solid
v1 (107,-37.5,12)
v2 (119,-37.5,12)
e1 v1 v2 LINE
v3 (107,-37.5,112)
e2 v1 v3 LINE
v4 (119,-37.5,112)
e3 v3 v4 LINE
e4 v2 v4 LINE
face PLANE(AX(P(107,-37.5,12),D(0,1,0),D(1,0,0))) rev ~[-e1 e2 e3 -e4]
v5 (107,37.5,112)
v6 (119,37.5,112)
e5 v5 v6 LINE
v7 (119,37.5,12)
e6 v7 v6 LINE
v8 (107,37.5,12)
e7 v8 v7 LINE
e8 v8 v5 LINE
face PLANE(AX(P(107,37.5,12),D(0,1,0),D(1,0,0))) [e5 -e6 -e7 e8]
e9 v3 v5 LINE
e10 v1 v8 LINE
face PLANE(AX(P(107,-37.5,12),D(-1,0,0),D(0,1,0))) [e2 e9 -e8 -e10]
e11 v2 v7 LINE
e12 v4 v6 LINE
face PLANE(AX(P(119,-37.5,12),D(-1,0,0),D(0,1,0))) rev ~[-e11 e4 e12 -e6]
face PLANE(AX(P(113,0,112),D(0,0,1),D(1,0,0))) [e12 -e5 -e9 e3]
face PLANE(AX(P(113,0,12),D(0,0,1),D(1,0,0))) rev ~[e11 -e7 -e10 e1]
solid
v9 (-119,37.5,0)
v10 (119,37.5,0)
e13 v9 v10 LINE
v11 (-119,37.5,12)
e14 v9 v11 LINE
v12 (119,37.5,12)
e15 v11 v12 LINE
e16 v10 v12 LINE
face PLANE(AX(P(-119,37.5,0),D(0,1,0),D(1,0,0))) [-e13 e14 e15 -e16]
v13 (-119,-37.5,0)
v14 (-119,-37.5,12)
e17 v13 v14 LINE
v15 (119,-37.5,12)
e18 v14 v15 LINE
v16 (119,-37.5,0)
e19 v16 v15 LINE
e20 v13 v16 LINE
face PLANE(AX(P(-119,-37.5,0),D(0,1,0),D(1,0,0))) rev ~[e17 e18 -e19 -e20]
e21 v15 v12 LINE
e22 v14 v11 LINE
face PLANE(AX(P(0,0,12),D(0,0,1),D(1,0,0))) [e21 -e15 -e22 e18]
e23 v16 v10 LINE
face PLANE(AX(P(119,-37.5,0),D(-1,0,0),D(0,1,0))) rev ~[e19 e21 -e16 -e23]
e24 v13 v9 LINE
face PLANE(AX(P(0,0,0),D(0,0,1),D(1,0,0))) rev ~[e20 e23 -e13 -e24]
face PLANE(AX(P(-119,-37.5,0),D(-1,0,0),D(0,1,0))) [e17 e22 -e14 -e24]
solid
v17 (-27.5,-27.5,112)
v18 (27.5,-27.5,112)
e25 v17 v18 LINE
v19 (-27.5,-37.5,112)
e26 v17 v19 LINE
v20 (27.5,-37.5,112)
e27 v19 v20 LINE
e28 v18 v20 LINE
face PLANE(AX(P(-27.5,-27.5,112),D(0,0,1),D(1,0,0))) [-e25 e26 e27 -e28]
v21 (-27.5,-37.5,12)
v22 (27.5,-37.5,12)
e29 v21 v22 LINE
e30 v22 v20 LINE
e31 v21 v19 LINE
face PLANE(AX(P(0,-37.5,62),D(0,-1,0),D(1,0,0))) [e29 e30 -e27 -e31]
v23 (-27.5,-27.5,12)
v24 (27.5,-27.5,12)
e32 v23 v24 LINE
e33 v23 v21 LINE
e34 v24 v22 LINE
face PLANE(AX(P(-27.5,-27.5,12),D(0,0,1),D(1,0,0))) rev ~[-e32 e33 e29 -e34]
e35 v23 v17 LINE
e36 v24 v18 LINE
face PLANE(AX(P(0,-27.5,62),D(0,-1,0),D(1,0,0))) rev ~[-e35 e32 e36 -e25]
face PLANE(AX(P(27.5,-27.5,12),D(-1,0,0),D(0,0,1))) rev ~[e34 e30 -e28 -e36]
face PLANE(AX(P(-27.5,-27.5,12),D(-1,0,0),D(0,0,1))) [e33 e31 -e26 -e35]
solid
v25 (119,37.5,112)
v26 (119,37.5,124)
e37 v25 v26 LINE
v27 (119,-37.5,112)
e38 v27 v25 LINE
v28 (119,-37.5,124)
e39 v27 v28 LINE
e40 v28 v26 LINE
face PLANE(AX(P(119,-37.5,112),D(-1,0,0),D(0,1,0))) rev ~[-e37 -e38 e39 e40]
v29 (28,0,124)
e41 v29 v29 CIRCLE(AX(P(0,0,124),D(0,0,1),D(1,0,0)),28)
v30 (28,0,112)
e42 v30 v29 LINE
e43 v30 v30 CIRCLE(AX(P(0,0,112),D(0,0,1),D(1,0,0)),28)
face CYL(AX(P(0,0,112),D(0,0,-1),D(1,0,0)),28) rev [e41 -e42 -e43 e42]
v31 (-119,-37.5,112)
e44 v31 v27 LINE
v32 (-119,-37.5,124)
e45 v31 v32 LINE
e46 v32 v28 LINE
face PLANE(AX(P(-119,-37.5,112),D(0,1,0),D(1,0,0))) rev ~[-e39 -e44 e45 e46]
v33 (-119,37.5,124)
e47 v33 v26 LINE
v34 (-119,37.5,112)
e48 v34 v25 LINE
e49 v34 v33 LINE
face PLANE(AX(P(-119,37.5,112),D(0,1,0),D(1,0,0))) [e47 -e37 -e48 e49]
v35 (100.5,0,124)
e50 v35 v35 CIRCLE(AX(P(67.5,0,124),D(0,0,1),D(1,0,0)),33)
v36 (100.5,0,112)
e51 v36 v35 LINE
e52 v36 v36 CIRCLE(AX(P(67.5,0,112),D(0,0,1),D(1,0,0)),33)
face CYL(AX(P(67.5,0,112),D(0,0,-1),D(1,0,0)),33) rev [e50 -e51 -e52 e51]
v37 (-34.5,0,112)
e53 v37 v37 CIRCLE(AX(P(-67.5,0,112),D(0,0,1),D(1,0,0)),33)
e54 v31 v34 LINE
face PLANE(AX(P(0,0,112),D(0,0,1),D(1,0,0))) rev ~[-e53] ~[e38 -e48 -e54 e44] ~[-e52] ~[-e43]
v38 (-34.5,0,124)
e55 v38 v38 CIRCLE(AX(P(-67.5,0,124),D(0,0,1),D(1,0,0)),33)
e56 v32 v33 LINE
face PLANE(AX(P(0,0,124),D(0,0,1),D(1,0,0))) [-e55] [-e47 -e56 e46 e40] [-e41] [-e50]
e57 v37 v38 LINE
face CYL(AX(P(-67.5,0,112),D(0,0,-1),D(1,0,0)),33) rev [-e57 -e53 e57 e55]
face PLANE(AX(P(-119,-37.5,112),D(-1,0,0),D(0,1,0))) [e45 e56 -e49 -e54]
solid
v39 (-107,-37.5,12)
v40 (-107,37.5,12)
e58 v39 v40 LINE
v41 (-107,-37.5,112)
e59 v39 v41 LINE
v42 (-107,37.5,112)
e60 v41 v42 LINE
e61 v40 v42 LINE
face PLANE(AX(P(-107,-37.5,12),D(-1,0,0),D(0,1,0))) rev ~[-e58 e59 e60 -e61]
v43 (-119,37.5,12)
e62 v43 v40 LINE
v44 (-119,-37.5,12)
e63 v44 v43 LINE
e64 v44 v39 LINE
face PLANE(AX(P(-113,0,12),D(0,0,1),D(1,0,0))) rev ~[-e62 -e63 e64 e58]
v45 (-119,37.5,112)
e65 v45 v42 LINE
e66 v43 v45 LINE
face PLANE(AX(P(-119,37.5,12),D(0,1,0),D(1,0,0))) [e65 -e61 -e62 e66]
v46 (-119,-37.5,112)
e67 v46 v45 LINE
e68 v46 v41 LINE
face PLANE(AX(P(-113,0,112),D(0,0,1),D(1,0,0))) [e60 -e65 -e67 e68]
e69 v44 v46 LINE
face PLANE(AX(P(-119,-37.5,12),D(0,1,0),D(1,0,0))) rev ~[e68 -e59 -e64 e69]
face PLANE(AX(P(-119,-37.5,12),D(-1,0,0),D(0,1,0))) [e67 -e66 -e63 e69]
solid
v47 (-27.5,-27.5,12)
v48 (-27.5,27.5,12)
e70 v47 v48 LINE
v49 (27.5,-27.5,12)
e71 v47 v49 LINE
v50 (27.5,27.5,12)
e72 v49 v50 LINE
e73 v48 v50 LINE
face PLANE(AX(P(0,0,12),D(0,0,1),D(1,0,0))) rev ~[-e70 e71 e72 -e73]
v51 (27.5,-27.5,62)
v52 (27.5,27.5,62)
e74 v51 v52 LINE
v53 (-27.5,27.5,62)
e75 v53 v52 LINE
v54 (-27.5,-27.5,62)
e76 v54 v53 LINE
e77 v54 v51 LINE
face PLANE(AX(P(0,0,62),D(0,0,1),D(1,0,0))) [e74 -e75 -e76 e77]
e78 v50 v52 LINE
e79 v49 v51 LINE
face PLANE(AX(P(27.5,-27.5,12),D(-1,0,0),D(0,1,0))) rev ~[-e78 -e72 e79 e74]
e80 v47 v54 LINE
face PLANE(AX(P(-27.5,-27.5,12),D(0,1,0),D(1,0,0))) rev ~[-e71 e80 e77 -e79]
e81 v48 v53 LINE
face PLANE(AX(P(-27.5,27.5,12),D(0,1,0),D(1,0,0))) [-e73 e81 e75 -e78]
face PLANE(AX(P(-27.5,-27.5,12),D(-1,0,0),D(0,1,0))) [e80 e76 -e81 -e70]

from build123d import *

# Parameters (mm, degrees)
F0_W      = 238
F0_H      = 75
F1_DEPTH  = 12
F3_W      = 238
F3_H      = 75
F3_R      = 33
F3_R_2    = 28
F4_DEPTH  = 12
F5_W      = 12
F5_H      = 75
F6_DEPTH  = 100
F7_W      = 55
F7_H      = 55
F8_DEPTH  = 50
F9_W      = 55
F9_H      = 100
F10_DEPTH = 10


with BuildPart() as f1:
    # F0 (on Top) → F1 (new body)
    with BuildSketch(Plane.XY):
        Rectangle(F0_W, F0_H)
    extrude(amount=F1_DEPTH)


with BuildPart() as f4:
    # F3 (on offset) → F4 (new body)
    with BuildSketch(Plane.XY.offset(112)):
        Rectangle(F3_W, F3_H)
        with Locations((-67.5, 0)):
            Circle(F3_R, mode=Mode.SUBTRACT)
        Circle(F3_R_2, mode=Mode.SUBTRACT)
        with Locations((67.5, 0)):
            Circle(F3_R, mode=Mode.SUBTRACT)
    extrude(amount=F4_DEPTH)


with BuildPart() as f6:
    # F5 (on face) → F6 (new body, through all)
    with BuildSketch(Plane.XY.offset(12)):
        with Locations((-113, 0)):
            Rectangle(F5_W, F5_H)
        with Locations((113, 0)):
            Rectangle(F5_W, F5_H)
    extrude(amount=F6_DEPTH)


with BuildPart() as f8:
    # F7 (on face) → F8 (new body)
    with BuildSketch(Plane.XY.offset(12)):
        Rectangle(F7_W, F7_H)
    extrude(amount=F8_DEPTH)


with BuildPart() as f10:
    # F9 (on face) → F10 (new body)
    with BuildSketch(Plane.XZ.offset(27.5)):
        with Locations((0, 62)):
            Rectangle(F9_W, F9_H)
    extrude(amount=F10_DEPTH)


solid = Compound([f1.part, f4.part, f6.part, f8.part, f10.part])
